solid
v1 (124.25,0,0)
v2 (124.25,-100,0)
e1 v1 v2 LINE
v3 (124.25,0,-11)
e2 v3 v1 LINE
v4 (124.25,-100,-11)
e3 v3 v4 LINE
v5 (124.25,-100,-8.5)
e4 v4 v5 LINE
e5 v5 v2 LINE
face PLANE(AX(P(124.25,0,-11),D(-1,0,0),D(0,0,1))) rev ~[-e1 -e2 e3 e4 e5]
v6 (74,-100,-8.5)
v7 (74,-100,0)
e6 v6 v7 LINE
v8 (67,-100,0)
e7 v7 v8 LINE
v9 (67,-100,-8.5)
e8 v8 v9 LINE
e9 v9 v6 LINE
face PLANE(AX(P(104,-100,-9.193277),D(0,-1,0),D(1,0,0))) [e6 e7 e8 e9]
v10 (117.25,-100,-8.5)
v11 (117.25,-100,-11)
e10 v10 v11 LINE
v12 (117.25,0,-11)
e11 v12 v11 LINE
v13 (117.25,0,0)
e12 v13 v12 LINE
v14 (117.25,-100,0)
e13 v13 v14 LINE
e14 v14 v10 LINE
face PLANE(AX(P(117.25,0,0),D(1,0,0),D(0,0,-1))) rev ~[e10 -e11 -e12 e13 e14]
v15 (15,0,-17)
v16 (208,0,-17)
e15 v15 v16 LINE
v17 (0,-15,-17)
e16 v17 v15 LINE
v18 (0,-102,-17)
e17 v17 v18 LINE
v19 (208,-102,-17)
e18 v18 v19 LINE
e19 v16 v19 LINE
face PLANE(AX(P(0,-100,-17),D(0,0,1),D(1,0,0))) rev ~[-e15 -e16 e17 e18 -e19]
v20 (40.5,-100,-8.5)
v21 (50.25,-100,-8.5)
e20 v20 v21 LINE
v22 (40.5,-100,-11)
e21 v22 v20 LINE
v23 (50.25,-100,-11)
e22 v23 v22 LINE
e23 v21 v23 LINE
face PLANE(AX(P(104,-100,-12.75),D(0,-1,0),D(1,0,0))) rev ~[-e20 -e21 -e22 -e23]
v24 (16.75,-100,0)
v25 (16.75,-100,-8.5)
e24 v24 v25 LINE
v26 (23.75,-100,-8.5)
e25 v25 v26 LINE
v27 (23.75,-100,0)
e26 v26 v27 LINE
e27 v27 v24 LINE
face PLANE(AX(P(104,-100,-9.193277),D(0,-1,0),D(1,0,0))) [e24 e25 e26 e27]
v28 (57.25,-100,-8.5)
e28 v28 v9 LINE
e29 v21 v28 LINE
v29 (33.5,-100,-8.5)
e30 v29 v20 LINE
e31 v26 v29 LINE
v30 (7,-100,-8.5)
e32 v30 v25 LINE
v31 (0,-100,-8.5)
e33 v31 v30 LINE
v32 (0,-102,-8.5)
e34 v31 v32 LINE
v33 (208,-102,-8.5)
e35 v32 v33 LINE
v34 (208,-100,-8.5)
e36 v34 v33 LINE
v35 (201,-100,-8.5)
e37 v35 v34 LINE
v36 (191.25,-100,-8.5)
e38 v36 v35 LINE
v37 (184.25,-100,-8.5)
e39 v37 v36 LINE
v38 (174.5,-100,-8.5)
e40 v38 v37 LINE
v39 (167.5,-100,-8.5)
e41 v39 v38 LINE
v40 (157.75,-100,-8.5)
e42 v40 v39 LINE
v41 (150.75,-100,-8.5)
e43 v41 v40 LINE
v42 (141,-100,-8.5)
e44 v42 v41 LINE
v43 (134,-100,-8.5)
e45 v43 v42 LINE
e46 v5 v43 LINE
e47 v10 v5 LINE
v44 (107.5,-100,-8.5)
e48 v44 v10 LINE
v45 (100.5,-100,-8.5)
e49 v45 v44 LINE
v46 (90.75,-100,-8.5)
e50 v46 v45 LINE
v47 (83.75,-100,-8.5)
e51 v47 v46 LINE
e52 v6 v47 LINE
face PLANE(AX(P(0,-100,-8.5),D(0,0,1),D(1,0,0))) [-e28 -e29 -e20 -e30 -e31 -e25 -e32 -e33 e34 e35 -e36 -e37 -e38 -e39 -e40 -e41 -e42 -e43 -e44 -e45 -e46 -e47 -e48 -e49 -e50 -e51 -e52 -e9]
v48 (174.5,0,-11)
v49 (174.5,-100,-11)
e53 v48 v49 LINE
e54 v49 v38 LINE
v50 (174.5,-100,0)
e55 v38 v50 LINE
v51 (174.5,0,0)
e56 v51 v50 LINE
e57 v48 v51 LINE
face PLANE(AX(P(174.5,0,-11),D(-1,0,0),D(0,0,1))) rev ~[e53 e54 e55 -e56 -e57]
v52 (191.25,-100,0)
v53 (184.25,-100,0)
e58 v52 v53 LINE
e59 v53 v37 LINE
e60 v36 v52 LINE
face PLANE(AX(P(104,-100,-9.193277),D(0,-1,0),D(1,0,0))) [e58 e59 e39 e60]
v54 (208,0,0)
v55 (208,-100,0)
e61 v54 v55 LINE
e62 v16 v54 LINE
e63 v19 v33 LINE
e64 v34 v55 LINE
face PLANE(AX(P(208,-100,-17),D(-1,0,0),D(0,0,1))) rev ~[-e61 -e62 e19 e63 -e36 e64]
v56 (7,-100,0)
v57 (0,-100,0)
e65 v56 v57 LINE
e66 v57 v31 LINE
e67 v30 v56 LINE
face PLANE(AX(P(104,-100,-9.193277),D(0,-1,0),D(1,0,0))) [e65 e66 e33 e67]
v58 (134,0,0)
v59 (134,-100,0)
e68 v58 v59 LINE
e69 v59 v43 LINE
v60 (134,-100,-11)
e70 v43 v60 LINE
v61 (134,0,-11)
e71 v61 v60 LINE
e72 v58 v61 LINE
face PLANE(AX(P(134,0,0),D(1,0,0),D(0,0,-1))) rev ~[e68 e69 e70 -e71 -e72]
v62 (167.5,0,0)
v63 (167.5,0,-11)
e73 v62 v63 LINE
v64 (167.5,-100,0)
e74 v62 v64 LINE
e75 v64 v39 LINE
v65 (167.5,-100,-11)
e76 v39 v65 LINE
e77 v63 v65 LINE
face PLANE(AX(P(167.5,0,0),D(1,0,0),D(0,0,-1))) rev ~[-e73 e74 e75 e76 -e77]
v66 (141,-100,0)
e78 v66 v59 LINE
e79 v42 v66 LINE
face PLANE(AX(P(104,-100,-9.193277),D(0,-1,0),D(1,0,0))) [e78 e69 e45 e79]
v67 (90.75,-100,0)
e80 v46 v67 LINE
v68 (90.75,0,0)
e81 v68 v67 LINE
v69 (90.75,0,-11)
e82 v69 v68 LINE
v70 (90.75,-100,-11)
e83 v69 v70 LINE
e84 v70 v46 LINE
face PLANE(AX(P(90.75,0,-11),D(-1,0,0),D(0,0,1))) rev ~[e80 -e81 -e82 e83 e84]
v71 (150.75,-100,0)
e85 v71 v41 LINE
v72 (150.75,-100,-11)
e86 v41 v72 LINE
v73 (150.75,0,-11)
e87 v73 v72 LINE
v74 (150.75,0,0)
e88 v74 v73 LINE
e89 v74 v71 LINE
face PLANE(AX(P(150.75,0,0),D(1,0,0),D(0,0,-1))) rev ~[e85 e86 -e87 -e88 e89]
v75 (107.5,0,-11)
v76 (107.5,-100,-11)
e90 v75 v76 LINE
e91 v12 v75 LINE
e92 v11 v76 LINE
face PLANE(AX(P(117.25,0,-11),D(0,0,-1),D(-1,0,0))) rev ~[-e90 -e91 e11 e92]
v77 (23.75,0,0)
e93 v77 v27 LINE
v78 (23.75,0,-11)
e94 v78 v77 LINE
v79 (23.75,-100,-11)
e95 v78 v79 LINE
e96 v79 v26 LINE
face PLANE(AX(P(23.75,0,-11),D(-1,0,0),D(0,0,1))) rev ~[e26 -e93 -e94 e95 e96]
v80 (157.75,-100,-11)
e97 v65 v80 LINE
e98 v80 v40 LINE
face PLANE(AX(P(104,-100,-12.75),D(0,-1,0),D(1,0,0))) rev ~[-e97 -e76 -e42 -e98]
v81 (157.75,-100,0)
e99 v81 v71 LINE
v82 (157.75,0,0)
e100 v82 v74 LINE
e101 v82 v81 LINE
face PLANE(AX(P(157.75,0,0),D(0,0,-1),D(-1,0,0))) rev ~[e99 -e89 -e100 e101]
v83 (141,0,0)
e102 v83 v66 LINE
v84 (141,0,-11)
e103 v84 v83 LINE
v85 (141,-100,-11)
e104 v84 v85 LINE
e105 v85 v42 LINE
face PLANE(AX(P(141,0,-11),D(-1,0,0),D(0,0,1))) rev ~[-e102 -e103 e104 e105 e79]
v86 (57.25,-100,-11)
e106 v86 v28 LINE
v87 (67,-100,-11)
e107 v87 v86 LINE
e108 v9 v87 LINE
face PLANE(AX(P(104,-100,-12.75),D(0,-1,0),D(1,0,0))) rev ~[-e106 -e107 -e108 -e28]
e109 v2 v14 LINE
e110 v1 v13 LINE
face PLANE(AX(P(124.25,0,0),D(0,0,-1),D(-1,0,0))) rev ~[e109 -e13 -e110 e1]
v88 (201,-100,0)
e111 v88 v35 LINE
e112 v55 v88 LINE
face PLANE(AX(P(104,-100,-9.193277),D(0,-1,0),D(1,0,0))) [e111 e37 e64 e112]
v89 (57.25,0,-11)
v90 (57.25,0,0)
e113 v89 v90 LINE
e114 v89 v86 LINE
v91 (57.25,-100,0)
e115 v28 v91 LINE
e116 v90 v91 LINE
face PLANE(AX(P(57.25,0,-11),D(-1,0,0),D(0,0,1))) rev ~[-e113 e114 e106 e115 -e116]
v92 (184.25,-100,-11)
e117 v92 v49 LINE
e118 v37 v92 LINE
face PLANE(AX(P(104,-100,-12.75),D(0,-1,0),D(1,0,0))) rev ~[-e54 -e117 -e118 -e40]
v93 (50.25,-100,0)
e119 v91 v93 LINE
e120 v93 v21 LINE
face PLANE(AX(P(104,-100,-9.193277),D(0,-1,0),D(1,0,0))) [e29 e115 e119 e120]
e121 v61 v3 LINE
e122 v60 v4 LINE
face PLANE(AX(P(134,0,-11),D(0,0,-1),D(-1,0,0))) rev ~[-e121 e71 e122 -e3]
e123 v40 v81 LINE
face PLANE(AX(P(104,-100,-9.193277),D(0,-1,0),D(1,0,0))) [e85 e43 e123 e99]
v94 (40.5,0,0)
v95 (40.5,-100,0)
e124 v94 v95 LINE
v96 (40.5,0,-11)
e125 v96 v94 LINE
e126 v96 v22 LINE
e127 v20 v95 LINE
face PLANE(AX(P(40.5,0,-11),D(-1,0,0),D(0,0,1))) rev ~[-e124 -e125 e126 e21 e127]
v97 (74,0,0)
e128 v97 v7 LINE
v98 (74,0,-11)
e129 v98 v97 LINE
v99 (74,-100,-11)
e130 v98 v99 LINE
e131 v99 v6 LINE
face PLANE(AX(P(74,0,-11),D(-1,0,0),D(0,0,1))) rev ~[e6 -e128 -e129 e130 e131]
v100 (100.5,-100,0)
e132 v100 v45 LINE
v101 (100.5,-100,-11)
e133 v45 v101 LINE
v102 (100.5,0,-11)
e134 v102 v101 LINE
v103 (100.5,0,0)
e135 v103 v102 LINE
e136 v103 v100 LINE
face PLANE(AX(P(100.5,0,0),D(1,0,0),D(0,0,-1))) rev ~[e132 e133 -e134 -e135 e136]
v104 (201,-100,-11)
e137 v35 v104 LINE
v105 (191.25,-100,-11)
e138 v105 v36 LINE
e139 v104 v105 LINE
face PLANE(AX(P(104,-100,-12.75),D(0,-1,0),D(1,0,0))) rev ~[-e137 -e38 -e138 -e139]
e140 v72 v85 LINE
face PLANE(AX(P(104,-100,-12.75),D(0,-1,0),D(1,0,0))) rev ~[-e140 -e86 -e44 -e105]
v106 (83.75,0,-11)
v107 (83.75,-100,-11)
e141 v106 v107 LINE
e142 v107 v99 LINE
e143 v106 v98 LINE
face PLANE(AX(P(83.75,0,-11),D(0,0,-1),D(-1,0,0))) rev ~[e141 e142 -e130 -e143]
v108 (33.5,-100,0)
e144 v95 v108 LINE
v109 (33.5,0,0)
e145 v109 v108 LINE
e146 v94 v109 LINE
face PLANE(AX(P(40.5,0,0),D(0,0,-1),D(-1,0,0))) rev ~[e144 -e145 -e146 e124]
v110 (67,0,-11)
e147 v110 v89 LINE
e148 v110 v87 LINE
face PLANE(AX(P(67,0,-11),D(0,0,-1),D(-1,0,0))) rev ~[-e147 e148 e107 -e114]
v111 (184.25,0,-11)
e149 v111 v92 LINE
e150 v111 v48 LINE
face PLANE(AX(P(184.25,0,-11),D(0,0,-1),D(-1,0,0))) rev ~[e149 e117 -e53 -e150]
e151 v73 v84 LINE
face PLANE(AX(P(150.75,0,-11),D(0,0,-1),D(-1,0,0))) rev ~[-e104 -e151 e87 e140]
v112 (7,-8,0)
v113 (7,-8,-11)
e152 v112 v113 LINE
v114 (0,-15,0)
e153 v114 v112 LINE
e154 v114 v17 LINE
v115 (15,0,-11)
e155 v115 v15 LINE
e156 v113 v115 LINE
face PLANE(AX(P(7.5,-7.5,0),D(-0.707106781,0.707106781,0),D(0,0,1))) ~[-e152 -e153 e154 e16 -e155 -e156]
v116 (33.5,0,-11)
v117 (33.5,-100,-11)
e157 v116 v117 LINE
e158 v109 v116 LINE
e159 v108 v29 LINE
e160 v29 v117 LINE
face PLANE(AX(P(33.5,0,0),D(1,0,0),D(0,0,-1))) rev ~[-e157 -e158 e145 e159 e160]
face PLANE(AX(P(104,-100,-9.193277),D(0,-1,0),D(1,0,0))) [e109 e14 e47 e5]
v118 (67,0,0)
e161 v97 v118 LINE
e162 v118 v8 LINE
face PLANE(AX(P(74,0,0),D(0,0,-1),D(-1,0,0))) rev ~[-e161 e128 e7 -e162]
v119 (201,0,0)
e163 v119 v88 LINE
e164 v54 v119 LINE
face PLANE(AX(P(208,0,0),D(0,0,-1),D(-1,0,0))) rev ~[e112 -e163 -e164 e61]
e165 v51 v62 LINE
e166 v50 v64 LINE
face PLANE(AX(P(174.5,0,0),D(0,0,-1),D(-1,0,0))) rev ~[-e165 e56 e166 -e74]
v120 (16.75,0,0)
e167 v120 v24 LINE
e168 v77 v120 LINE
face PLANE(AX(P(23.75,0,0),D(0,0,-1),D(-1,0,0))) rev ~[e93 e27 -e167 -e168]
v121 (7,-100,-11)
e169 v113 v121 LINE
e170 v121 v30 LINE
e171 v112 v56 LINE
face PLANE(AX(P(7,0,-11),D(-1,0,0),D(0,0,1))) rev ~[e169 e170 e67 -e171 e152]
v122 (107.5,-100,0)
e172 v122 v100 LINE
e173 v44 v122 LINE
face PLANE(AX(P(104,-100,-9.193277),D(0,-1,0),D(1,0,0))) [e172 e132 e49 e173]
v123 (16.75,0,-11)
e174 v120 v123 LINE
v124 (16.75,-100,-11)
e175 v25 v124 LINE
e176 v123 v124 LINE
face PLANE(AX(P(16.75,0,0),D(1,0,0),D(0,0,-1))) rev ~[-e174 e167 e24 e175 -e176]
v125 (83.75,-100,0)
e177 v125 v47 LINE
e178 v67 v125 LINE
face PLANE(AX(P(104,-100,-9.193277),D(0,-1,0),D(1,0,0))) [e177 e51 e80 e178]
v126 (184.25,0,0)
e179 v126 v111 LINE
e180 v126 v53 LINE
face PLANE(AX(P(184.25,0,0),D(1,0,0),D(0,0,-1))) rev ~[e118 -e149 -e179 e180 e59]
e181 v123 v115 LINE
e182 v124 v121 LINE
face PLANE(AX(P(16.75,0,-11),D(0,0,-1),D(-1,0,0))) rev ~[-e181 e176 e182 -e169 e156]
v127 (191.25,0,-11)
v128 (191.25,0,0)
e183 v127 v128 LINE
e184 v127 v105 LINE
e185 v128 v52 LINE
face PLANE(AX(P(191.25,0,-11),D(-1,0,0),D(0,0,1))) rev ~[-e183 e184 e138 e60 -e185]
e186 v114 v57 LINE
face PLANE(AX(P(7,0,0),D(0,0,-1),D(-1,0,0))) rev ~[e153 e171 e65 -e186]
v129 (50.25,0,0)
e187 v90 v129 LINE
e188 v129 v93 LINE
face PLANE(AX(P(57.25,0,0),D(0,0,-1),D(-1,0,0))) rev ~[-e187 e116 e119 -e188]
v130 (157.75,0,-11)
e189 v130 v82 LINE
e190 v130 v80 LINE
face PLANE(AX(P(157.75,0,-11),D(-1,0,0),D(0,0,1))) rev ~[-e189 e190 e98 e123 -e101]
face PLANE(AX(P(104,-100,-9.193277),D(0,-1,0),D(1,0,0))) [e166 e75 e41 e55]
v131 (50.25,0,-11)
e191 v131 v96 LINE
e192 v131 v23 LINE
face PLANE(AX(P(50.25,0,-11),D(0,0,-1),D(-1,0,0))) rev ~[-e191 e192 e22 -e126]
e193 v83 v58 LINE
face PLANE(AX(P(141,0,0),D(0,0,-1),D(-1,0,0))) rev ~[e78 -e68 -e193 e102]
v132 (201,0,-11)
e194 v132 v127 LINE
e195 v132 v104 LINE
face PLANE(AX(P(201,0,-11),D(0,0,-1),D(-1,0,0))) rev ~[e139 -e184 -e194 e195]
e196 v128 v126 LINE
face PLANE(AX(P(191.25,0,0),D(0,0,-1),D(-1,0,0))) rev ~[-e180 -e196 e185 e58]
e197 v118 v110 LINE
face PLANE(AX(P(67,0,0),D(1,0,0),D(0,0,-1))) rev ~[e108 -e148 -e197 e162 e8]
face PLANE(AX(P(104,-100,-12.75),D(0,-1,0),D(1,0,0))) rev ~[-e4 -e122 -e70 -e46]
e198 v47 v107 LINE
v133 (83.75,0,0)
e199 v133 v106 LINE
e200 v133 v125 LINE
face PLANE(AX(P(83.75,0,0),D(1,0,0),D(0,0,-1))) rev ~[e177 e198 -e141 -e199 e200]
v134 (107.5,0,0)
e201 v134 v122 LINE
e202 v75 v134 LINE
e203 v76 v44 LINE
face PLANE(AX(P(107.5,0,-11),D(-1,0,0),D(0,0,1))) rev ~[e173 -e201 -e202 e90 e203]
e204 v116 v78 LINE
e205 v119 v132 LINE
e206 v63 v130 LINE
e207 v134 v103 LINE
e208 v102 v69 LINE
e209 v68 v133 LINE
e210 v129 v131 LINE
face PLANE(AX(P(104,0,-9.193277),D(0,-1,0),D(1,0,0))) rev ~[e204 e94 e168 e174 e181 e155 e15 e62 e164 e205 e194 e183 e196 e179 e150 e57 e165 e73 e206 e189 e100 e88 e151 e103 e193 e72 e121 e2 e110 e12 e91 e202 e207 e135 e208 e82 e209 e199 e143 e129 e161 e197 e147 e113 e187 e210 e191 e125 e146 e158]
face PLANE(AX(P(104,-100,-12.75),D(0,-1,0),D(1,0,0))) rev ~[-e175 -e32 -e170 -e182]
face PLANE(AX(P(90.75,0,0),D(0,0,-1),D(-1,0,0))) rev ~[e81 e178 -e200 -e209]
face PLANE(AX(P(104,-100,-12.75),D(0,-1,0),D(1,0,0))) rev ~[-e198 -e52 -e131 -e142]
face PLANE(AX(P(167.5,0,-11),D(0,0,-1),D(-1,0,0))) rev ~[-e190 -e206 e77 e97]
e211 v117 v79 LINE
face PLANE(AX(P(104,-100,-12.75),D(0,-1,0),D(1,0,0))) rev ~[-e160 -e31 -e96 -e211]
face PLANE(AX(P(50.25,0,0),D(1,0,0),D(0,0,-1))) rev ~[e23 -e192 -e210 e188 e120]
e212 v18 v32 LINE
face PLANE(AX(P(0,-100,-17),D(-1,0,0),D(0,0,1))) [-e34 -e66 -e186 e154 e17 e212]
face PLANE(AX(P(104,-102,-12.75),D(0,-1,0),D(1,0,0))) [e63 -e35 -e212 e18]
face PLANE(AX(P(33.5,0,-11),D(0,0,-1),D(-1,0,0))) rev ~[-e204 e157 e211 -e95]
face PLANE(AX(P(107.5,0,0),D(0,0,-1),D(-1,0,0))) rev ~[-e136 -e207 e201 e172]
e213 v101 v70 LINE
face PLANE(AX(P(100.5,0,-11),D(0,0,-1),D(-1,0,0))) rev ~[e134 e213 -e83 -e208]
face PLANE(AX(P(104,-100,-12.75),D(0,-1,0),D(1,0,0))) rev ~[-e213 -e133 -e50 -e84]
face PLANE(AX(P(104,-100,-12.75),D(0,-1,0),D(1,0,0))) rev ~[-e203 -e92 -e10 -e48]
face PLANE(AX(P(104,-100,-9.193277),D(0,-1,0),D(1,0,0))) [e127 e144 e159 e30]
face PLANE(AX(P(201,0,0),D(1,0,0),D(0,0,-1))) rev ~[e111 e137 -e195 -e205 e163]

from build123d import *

# Parameters (mm, degrees)
F1_DEPTH = 100
F2_SIZE2 = 15
F2_SIZE  = 15
F3_W     = 208
F3_H     = 8.5
F4_DEPTH = 2


with BuildPart() as f1:
    # F0 (on Front) → F1 (new body)
    with BuildSketch(Plane.XZ):
        Polygon((7, 0), (0, 0), (0, -17), (208, -17), (208, 0), (201, 0), (201, -11), (191.25, -11), (191.25, 0), (184.25, 0), (184.25, -11), (174.5, -11), (174.5, 0), (167.5, 0), (167.5, -11), (157.75, -11), (157.75, 0), (150.75, 0), (150.75, -11), (141, -11), (141, 0), (134, 0), (134, -11), (124.25, -11), (124.25, 0), (117.25, 0), (117.25, -11), (107.5, -11), (107.5, 0), (100.5, 0), (100.5, -11), (90.75, -11), (90.75, 0), (83.75, 0), (83.75, -11), (74, -11), (74, 0), (67, 0), (67, -11), (57.25, -11), (57.25, 0), (50.25, 0), (50.25, -11), (40.5, -11), (40.5, 0), (33.5, 0), (33.5, -11), (23.75, -11), (23.75, 0), (16.75, 0), (16.75, -11), (7, -11), align=None)
    extrude(amount=F1_DEPTH)

    # F2
    f2_edges = [f1.edges().sort_by_distance(p)[0] for p in [
        (0, 0, -8.5),
    ]]
    chamfer(f2_edges, length=F2_SIZE, length2=F2_SIZE2)

    # F3 (on face) → F4 (join)
    with BuildSketch(Plane.XZ.offset(100)):
        with Locations((104, -12.75)):
            Rectangle(F3_W, F3_H)
    extrude(amount=F4_DEPTH)


solid = f1.part
